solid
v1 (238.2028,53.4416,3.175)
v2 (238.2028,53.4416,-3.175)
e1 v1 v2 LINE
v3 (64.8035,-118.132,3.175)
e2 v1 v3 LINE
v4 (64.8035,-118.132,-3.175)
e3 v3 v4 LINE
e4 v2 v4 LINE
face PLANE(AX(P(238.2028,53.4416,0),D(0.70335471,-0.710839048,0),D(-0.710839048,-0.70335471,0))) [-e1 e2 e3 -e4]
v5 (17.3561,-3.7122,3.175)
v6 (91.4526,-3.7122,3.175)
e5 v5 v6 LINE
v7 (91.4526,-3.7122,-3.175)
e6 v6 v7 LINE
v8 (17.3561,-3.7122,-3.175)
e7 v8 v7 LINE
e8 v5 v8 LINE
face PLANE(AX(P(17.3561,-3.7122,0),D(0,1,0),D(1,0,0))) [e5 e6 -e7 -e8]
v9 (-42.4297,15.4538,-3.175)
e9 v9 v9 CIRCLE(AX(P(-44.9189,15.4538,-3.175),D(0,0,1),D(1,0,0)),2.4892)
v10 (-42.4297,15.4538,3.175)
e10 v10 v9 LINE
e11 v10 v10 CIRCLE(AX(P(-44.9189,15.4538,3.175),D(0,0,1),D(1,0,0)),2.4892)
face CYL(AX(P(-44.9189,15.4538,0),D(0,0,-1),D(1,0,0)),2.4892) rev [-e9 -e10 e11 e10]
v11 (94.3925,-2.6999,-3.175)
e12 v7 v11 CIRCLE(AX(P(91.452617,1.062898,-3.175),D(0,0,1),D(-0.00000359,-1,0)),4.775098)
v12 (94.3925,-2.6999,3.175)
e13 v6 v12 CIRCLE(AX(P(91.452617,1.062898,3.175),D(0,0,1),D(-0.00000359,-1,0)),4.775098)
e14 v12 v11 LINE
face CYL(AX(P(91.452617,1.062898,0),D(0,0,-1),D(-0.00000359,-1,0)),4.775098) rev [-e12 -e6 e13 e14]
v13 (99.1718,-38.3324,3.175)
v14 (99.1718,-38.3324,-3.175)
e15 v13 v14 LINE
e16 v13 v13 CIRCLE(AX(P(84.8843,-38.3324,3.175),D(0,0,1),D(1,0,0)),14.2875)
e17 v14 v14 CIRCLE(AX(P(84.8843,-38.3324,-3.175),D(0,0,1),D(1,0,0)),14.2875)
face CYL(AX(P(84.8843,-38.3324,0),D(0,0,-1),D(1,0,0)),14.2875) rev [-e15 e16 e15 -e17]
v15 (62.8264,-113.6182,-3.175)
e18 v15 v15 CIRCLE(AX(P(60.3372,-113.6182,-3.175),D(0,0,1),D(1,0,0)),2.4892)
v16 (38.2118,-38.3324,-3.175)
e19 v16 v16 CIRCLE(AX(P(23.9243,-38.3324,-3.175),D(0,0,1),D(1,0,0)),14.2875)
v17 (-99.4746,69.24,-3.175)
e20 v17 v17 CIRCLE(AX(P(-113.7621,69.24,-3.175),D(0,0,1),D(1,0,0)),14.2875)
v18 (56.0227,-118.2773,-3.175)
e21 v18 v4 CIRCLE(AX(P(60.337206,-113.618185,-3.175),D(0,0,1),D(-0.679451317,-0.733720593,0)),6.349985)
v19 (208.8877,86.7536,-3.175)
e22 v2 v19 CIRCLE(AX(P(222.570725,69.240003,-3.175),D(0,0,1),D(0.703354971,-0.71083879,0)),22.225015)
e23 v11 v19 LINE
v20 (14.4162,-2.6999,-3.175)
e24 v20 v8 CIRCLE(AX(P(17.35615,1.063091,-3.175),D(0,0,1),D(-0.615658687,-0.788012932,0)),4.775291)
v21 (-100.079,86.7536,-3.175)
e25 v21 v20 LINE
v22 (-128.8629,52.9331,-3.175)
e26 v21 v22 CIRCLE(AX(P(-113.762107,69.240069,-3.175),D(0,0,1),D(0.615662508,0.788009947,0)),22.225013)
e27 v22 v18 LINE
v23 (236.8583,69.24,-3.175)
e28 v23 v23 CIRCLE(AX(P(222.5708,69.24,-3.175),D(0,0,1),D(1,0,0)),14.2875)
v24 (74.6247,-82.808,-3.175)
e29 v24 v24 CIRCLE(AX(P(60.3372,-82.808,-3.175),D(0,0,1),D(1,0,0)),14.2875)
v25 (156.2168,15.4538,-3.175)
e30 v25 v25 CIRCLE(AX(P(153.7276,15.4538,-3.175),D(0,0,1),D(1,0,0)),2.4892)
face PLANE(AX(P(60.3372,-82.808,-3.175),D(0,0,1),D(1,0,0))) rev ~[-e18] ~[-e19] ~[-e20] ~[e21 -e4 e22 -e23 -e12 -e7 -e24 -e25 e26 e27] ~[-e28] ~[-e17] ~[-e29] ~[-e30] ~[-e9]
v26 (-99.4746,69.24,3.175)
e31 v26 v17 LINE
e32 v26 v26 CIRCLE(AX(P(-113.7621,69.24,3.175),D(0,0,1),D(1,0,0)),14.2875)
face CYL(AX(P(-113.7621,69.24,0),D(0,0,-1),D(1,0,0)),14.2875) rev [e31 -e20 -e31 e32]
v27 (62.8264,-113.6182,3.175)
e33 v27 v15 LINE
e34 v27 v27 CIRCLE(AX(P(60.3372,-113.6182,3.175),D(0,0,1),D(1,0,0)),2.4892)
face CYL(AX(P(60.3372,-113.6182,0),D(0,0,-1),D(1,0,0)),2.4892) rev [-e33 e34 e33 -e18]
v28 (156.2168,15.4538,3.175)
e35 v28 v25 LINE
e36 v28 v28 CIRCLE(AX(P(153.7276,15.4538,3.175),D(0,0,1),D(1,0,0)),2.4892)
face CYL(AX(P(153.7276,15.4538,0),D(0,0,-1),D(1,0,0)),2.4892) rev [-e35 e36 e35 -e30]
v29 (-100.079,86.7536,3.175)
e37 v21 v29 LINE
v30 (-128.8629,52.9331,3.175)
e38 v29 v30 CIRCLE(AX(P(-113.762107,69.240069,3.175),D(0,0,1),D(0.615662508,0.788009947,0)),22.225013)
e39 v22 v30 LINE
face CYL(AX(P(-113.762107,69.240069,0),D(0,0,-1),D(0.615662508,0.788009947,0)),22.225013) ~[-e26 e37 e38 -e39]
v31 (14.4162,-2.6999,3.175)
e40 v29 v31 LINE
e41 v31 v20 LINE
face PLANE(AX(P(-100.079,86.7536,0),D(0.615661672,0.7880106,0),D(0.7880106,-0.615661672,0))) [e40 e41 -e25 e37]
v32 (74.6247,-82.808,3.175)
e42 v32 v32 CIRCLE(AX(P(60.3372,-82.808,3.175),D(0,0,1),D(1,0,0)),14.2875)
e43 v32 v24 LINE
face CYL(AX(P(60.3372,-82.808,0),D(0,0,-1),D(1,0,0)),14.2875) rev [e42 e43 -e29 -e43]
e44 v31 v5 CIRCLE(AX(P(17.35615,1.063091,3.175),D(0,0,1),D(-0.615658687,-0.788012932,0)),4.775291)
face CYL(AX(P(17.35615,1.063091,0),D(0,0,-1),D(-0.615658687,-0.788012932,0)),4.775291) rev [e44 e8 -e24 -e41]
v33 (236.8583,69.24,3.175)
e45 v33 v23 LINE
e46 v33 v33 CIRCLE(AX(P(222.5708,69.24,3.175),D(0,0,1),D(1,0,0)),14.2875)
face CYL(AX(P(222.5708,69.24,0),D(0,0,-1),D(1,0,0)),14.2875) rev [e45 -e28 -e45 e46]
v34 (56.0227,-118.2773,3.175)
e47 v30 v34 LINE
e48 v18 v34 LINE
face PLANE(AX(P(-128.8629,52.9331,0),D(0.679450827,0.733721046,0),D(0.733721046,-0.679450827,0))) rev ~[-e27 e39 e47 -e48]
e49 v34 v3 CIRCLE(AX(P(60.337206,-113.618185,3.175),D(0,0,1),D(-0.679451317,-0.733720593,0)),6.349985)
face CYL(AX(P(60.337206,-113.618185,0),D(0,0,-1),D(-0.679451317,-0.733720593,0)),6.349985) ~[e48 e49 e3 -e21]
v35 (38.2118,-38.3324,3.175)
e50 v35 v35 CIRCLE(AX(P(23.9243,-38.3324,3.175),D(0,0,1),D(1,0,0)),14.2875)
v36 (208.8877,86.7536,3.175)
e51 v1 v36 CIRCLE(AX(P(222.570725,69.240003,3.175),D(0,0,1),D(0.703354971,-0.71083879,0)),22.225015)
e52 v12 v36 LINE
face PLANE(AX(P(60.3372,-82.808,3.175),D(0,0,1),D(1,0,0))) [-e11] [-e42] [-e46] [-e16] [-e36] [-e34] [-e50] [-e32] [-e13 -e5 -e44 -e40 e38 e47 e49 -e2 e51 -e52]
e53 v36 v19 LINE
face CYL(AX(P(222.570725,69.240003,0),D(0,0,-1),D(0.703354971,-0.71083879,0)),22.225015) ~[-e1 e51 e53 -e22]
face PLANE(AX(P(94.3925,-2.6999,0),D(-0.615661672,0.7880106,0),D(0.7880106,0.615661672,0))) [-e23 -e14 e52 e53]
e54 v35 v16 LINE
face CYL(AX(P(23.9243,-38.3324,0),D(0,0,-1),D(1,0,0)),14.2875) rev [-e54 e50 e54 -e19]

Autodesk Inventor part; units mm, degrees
ref_plane "YZ Plane" through (0, 0, 0) normal (1, 0, 0) x (0, 1, 0)
ref_plane "XZ Plane" through (0, 0, 0) normal (0, 1, 0) x (-1, 0, 0)
ref_plane "XY Plane" through (0, 0, 0) normal (0, 0, 1) x (1, 0, 0)
sketch "Sketch1" plane through (60.3372, -82.808, 0) normal (0, 0, 1) x (1, 0, 0)
  circle A0 centre (0, 0) radius 20.32 construction
  circle A1 centre (0, 0) radius 22.86 construction
  circle A2 centre (24.5471, 44.4756) radius 30.48 construction
  circle A3 centre (-36.4129, 44.4756) radius 30.48 construction
  circle A4 centre (-36.4129, 44.4756) radius 33.02 construction
  line L0 (-15.4952, 18.9262) -> (-14.4815, 17.688)
  circle A5 centre (24.5471, 44.4756) radius 33.02 construction
  circle A6 centre (24.5471, 44.4756) radius 14.2875
  circle A7 centre (-36.4129, 44.4756) radius 14.2875
  circle A8 centre (0, 0) radius 14.2875
  circle A9 centre (24.5471, 44.4756) radius 19.1008 construction
  circle A10 centre (24.5471, 44.4756) radius 21.0058 construction
  circle A11 centre (-36.4129, 44.4756) radius 19.1008 construction
  circle A12 centre (-36.4129, 44.4756) radius 21.0058 construction
  line L1 (-36.4129, 44.4756) -> (-174.0993, 152.048) construction
  line L2 (24.5471, 44.4756) -> (162.2336, 152.048) construction
  circle A13 centre (-174.0993, 152.048) radius 14.2875
  circle A14 centre (162.2336, 152.048) radius 14.2875
  circle A15 centre (-174.0993, 152.048) radius 22.225 construction
  circle A16 centre (162.2336, 152.048) radius 22.225 construction
  line L3 (-160.4162, 169.5616) -> (-45.921, 80.1081)
  line L4 (-42.9811, 79.0958) -> (31.1154, 79.0958)
  arc A17 (31.1154, 79.0958) -> (34.0553, 80.1081) centre (31.1154, 83.871) ccw
  arc A18 (-45.921, 80.1081) -> (-42.9811, 79.0958) centre (-42.9811, 83.871) ccw
  line L5 (34.0553, 80.1081) -> (148.5505, 169.5616)
  line L6 (-36.4129, 79.0958) -> (-36.4129, 77.4956) construction
  arc A19 (177.8656, 136.2496) -> (148.5505, 169.5616) centre (162.2336, 152.048) ccw
  arc A20 (-160.4162, 169.5616) -> (-189.2001, 135.7411) centre (-174.0993, 152.048) ccw
  circle A21 centre (-105.2561, 98.2618) radius 2.4892
  circle A22 centre (0, -30.8102) radius 6.35 construction
  circle A23 centre (0, -30.8102) radius 2.4892
  line L7 (0, -22.86) -> (0, -24.4602)
  line L8 (-189.2001, 135.7411) -> (-4.3145, -35.4693)
  line L9 (177.8656, 136.2496) -> (4.4663, -35.324)
  arc A24 (-4.3145, -35.4693) -> (4.4663, -35.324) centre (0, -30.8102) ccw
  circle A25 centre (-105.2561, 98.2618) radius 6.35 construction
  circle A26 centre (93.3904, 98.2618) radius 6.35 construction
  circle A27 centre (93.3904, 98.2618) radius 2.4892
  circle A28 centre (-174.0993, 152.048) radius 50.8 construction
  circle A29 centre (162.2336, 152.048) radius 50.8 construction
  line L10 (-333.708, 192.5945) -> (-312.3217, 152.048) construction
  dimension "d25" = 40.64
  dimension "d24" = 2.54
  dimension "d23" = 60.96
  dimension "d22" = 2.54
  dimension "d21" = 1.6002
  dimension "d20" = 28.575
  dimension "d19" = 38.2016
  dimension "d18" = 42.0116
  dimension "d17" = 174.7266
  dimension "d16" = 104
  dimension "d15" = 28.575
  dimension "d14" = 44.45
  dimension "d13" = 44.45
  dimension "d12" = 4.7752
  dimension "d11" = 1.6002
  dimension "d9" = 4.9784
  dimension "d8" = 12.7
  dimension "d7" = 4.9784
  dimension "d6" = 1.6002
  dimension "d5" = 12.7
  dimension "d3" = 12.7
  dimension "d2" = 4.9784
  dimension "d10" = 87.3633
  dimension "d4" = 87.3633
  dimension "d0" = 101.6
  dimension "d1" = 101.6
extrude "Extrusion1" add sketch "Sketch1" along normal mid plane 6.35
properties part number "Gearbox #2 Top Plate"
